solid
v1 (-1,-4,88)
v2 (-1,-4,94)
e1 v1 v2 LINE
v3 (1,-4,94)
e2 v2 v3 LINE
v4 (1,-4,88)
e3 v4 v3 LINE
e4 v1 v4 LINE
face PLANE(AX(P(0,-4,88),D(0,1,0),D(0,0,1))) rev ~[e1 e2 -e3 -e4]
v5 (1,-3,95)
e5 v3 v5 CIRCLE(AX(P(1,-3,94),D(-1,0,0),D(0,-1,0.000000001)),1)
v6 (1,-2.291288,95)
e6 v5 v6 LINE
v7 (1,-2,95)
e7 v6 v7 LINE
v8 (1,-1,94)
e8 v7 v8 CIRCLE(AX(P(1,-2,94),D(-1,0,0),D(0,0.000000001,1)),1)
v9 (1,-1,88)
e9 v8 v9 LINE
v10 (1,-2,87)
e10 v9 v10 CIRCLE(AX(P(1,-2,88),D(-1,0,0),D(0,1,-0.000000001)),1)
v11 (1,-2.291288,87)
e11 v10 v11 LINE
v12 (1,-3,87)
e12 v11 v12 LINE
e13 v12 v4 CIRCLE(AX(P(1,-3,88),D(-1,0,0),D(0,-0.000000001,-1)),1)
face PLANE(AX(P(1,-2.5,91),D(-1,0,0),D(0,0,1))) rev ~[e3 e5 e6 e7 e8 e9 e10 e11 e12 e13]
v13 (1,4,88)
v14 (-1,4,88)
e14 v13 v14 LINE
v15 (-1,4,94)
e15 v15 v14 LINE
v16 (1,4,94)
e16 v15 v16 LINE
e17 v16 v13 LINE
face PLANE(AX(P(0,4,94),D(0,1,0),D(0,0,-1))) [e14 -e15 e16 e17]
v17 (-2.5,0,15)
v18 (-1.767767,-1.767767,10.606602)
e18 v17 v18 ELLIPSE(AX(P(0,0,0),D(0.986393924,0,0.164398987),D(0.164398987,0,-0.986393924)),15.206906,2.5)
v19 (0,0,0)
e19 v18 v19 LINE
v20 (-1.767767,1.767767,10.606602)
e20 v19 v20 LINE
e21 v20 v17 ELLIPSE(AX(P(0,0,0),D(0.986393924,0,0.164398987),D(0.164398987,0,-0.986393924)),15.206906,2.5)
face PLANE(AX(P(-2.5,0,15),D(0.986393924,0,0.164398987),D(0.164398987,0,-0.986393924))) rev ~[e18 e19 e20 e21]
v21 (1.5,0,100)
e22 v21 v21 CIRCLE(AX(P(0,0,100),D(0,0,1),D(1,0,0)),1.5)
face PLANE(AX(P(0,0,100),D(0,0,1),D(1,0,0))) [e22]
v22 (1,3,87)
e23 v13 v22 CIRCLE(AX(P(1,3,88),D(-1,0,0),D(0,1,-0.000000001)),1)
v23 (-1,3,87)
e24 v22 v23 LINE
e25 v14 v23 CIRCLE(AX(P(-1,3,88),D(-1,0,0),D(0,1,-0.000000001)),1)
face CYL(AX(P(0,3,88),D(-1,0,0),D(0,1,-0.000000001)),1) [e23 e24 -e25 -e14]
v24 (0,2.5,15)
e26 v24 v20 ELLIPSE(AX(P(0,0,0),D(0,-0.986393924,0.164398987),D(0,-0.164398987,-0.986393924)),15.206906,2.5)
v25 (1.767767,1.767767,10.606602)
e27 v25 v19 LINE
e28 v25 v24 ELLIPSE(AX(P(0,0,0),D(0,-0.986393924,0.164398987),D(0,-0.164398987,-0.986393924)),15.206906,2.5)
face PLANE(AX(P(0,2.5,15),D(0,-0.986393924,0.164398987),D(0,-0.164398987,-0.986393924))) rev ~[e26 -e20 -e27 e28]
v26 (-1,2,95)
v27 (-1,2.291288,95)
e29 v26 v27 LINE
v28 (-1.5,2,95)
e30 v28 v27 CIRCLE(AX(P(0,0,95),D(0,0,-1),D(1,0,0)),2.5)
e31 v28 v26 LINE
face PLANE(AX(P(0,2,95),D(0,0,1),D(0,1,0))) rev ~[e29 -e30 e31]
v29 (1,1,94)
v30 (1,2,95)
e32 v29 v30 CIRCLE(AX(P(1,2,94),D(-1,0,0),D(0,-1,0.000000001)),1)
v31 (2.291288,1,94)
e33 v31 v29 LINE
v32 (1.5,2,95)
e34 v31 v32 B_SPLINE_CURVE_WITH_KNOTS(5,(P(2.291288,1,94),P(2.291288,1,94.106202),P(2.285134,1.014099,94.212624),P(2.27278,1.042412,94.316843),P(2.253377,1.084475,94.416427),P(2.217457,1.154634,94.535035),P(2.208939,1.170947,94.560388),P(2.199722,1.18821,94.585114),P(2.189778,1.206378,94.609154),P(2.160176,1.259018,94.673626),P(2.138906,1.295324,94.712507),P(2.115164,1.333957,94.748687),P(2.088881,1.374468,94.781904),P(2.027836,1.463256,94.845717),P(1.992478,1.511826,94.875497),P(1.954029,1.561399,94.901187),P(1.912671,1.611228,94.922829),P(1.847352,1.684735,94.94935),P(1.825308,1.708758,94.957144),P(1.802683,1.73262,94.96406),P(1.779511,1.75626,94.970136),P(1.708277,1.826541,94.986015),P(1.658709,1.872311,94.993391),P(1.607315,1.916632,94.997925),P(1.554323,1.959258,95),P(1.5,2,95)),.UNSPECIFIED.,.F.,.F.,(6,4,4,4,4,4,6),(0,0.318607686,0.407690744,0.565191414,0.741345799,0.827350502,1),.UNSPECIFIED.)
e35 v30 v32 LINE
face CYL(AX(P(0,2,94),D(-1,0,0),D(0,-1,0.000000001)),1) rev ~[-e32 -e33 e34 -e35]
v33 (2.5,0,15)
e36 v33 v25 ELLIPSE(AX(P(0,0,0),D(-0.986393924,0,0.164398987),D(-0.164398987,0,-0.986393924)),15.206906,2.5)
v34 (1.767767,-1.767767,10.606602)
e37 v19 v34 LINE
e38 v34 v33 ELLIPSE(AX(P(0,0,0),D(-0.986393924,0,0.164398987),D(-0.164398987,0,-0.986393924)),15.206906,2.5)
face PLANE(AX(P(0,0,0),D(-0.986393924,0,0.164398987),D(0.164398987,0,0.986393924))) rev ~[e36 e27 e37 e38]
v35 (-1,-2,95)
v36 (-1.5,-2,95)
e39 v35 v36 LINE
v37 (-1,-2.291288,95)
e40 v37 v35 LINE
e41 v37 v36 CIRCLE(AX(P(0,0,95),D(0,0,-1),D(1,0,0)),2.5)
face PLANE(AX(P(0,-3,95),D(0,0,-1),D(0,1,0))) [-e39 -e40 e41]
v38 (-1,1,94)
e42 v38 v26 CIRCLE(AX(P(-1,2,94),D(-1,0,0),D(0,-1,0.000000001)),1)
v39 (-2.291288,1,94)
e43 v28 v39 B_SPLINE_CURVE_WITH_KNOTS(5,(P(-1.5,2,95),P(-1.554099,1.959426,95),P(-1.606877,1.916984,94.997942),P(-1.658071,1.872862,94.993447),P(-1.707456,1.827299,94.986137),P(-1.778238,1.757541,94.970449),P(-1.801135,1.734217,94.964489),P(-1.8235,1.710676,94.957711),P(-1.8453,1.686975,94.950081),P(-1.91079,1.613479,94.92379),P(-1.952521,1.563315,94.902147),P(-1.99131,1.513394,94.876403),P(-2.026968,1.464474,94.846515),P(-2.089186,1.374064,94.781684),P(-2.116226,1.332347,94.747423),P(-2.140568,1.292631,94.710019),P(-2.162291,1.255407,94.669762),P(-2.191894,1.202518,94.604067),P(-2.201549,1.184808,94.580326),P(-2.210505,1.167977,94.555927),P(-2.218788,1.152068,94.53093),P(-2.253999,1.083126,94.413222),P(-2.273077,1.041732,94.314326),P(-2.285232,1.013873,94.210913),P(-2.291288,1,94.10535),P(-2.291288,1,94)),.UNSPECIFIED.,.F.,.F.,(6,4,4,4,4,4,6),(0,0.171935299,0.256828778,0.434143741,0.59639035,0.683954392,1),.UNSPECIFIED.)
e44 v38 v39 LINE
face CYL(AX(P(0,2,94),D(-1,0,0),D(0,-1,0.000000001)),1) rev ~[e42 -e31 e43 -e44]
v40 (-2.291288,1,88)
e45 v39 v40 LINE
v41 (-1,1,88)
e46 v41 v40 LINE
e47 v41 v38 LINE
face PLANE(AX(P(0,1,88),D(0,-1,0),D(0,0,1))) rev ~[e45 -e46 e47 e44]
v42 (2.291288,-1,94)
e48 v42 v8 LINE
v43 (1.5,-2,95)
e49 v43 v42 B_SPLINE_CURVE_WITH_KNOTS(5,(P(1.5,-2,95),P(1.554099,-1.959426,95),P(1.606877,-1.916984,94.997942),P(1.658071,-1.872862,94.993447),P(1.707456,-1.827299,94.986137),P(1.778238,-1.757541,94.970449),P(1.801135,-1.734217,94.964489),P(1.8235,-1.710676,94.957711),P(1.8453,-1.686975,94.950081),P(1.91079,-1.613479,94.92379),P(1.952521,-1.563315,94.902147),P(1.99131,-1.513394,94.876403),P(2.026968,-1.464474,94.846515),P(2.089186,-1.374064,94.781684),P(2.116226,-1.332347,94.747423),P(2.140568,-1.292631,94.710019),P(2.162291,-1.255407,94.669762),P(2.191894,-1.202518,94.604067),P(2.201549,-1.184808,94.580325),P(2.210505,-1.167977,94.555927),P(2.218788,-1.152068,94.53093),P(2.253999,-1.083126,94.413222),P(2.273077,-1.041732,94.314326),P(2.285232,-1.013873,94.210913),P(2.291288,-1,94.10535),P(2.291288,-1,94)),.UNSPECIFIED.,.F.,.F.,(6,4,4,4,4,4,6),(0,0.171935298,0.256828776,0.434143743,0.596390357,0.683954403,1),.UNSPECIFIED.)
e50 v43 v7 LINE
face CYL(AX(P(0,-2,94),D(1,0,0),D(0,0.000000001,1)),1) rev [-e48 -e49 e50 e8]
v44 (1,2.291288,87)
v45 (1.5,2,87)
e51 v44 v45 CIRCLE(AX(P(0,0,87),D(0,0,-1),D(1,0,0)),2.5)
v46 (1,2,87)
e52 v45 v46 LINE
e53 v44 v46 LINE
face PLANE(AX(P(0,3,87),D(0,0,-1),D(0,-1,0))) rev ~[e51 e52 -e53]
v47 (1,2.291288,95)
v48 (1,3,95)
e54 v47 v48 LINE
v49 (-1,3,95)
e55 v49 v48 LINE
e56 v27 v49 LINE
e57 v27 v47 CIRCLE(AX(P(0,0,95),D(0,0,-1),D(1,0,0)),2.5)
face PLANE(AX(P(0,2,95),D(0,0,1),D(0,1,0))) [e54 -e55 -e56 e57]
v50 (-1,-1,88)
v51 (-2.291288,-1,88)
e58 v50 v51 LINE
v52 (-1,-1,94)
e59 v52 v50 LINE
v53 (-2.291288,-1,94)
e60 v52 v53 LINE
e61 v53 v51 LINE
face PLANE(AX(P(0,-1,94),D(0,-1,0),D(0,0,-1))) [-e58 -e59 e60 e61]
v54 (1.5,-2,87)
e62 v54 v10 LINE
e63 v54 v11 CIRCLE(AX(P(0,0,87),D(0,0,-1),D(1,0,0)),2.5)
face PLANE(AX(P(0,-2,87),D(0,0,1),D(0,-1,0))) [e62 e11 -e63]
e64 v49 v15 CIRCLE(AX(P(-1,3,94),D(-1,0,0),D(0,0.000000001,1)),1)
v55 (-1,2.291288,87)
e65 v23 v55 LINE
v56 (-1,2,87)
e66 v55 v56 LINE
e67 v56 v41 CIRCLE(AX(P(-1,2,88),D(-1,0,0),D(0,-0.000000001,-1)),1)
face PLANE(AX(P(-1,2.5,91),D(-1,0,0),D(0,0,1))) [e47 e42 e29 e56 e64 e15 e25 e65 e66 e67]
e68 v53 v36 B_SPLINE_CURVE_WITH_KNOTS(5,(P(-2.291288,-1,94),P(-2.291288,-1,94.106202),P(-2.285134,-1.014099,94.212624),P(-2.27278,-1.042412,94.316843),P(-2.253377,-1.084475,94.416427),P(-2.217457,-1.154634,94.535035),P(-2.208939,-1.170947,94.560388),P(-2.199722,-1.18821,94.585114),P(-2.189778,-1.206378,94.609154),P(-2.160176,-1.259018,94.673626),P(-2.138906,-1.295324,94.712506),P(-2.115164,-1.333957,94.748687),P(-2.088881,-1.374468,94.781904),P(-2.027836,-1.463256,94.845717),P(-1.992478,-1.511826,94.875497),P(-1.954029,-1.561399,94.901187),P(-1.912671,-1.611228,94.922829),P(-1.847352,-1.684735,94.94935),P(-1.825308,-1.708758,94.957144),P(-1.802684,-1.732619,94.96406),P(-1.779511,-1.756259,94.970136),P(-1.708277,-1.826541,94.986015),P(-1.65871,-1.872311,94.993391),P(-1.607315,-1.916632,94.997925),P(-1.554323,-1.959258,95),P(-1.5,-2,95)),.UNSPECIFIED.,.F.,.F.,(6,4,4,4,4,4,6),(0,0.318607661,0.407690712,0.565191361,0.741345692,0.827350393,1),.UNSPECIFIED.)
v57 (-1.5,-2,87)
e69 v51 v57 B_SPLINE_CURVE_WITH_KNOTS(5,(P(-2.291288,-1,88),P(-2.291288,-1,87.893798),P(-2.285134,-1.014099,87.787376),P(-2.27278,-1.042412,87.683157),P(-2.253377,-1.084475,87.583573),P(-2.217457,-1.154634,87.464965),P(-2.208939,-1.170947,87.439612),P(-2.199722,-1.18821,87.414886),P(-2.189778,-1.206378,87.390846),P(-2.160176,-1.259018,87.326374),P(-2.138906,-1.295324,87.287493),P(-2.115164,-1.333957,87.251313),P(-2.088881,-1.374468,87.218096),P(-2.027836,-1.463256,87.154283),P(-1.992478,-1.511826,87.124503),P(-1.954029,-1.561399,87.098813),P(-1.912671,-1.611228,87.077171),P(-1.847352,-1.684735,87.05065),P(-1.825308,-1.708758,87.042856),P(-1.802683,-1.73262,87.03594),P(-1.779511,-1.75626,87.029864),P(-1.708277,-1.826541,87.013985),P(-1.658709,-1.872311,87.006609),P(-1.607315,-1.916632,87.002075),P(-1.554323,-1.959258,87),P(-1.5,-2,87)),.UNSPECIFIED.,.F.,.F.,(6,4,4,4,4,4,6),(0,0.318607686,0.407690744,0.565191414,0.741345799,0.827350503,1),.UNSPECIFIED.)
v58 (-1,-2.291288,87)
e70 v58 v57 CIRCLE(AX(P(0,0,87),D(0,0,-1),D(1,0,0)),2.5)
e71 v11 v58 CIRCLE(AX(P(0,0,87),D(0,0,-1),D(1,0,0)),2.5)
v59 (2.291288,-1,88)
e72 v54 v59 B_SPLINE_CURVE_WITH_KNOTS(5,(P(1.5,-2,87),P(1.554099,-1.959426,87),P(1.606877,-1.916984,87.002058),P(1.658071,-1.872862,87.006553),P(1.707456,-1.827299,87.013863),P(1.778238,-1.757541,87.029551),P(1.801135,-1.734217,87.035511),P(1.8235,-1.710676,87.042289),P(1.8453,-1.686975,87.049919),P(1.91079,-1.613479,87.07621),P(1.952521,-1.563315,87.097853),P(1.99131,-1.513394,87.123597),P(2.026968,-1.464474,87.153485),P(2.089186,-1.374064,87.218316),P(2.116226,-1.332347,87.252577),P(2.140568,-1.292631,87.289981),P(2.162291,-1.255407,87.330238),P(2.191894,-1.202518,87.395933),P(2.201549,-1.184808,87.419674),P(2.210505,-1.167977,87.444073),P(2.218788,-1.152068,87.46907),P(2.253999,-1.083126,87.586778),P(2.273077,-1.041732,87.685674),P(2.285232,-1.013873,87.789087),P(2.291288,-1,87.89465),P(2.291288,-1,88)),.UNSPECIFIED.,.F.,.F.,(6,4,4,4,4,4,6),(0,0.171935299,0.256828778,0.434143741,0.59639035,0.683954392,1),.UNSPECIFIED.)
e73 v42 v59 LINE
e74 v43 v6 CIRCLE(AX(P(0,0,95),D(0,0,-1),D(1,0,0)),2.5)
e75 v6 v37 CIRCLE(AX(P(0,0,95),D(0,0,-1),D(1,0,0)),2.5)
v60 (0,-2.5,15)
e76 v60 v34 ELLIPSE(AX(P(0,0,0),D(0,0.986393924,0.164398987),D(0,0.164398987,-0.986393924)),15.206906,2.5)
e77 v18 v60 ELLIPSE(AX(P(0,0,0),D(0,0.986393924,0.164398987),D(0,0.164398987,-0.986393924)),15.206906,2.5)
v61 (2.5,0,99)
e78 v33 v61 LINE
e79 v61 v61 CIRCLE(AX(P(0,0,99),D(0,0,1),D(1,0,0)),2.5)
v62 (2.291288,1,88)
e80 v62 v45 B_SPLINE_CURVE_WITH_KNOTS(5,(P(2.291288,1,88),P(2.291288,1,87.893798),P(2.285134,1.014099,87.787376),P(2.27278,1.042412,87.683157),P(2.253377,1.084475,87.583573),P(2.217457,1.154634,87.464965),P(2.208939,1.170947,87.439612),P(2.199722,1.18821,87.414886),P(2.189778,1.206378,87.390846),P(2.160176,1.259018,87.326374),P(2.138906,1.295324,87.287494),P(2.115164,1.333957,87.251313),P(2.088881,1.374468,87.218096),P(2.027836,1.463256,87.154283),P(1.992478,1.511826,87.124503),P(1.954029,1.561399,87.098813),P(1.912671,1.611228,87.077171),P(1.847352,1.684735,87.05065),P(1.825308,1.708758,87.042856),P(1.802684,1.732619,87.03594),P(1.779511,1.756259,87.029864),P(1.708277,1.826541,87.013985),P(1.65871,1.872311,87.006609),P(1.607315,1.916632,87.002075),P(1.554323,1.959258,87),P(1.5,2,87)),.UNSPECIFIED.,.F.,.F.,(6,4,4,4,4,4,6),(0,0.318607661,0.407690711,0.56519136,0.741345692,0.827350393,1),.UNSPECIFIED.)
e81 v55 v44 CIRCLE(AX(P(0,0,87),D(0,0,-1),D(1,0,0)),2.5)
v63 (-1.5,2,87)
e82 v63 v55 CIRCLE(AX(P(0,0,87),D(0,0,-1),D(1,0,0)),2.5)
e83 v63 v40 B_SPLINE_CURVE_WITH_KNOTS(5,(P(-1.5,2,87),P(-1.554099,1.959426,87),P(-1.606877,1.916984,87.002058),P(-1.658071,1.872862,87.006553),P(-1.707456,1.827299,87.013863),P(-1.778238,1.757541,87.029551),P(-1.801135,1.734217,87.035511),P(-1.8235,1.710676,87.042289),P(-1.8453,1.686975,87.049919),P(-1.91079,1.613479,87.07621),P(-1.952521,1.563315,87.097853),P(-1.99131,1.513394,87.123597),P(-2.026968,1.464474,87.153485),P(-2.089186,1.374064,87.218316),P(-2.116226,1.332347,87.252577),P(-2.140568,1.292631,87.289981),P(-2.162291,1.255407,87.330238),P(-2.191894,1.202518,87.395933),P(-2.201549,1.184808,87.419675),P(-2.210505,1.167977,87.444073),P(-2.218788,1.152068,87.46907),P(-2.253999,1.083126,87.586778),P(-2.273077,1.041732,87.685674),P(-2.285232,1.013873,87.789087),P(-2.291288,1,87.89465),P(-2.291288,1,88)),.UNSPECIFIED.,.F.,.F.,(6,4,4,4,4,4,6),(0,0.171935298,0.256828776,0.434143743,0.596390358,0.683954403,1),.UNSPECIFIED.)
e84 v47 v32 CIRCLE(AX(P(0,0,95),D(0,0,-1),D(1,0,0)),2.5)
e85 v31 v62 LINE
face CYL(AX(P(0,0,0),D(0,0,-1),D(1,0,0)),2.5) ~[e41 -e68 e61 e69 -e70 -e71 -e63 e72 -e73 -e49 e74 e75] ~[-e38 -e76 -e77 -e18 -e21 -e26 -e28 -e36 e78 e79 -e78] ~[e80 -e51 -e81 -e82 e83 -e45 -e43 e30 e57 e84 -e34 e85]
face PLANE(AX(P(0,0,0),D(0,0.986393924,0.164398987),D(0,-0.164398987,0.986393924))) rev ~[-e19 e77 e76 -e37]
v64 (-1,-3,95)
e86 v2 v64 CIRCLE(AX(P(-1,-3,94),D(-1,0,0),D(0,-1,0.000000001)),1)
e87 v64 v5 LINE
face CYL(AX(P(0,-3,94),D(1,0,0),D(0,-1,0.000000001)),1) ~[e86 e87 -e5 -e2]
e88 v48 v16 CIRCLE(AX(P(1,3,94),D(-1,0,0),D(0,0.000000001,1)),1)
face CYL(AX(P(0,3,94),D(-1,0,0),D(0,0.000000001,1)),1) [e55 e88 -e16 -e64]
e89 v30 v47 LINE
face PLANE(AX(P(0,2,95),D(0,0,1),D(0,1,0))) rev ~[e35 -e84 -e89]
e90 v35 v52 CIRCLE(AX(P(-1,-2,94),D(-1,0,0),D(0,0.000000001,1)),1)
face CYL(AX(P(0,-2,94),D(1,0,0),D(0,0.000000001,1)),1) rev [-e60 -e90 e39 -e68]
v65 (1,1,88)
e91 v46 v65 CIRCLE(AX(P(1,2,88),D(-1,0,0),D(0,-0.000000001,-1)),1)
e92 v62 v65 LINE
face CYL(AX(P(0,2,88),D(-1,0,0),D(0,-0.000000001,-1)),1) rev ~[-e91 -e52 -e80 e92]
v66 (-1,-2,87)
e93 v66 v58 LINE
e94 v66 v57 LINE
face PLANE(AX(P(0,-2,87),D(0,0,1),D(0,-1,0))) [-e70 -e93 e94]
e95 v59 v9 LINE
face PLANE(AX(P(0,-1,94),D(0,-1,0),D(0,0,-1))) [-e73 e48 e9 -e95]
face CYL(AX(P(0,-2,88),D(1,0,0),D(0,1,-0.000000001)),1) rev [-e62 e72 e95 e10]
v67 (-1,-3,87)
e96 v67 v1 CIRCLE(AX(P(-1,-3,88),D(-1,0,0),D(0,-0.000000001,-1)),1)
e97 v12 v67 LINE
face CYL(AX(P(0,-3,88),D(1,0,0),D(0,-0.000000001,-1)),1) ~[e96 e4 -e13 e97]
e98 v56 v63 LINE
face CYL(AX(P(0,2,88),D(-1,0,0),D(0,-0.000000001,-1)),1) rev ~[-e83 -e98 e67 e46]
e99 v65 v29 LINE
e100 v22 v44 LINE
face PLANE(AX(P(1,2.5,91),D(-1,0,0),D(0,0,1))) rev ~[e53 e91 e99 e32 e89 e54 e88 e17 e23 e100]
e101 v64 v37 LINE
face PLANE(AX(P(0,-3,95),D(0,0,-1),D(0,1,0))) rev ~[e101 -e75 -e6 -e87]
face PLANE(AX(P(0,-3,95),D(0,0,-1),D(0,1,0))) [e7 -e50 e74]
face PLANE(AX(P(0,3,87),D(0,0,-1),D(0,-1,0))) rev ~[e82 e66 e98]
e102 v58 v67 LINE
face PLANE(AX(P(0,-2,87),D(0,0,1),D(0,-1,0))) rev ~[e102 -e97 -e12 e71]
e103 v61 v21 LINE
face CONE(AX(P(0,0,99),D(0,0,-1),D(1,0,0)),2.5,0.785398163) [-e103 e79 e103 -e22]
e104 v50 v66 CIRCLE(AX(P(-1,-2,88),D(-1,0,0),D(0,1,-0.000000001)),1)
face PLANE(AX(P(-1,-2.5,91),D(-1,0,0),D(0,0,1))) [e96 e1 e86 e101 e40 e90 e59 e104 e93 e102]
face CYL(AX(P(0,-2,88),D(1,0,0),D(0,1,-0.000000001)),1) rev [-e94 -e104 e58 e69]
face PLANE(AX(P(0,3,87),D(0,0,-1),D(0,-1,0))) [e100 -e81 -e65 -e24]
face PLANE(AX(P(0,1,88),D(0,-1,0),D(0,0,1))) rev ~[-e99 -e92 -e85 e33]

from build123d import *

# Parameters (mm, degrees)
SKETCH1_R           = 2.5
BOSS_EXTRUDE1_DEPTH = 100
CUT_EXTRUDE1_DEPTH  = 2.5
BOSS_EXTRUDE2_DEPTH = 1
CHAMFER1_SIZE       = 1
CUT_EXTRUDE2_DEPTH  = 2.5
CUT_EXTRUDE3_DEPTH  = 2.5


with BuildPart() as part:
    # Sketch1 → Boss-Extrude1 (new body)
    with BuildSketch(Plane.XY):
        Circle(SKETCH1_R)
    extrude(amount=BOSS_EXTRUDE1_DEPTH)

    # Sketch2 → Cut-Extrude1 (cut, symmetric)
    with BuildSketch(Plane(origin=(0, 0, 0), x_dir=(0, 0, -1), z_dir=(1, 0, 0))):
        with BuildLine():
            Line((-94, 4), (-88, 4))
            ThreePointArc((-88, 4), (-87.292893219, 3.707106781), (-87, 3))
            Line((-87, 3), (-87, 2))
            ThreePointArc((-87, 2), (-87.292893219, 1.292893219), (-88, 1))
            Line((-88, 1), (-94, 1))
            ThreePointArc((-94, 1), (-94.707106781, 1.292893219), (-95, 2))
            Line((-95, 2), (-95, 3))
            ThreePointArc((-95, 3), (-94.707106781, 3.707106781), (-94, 4))
        make_face()
        with BuildLine():
            Line((-95, -3), (-95, -2))
            ThreePointArc((-95, -2), (-94.707106781, -1.292893219), (-94, -1))
            Line((-94, -1), (-88, -1))
            ThreePointArc((-88, -1), (-87.292893219, -1.292893219), (-87, -2))
            Line((-87, -2), (-87, -3))
            ThreePointArc((-87, -3), (-87.292893219, -3.707106781), (-88, -4))
            Line((-88, -4), (-94, -4))
            ThreePointArc((-94, -4), (-94.707106781, -3.707106781), (-95, -3))
        make_face()
    extrude(amount=CUT_EXTRUDE1_DEPTH, both=True, mode=Mode.SUBTRACT)

    # Sketch2<2> → Boss-Extrude2 (add, symmetric)
    with BuildSketch(Plane(origin=(0, 0, 0), x_dir=(0, 0, -1), z_dir=(1, 0, 0))):
        with BuildLine():
            Line((-94, 4), (-88, 4))
            ThreePointArc((-88, 4), (-87.292893219, 3.707106781), (-87, 3))
            Line((-87, 3), (-87, 2))
            ThreePointArc((-87, 2), (-87.292893219, 1.292893219), (-88, 1))
            Line((-88, 1), (-94, 1))
            ThreePointArc((-94, 1), (-94.707106781, 1.292893219), (-95, 2))
            Line((-95, 2), (-95, 3))
            ThreePointArc((-95, 3), (-94.707106781, 3.707106781), (-94, 4))
        make_face()
        with BuildLine():
            Line((-95, -3), (-95, -2))
            ThreePointArc((-95, -2), (-94.707106781, -1.292893219), (-94, -1))
            Line((-94, -1), (-88, -1))
            ThreePointArc((-88, -1), (-87.292893219, -1.292893219), (-87, -2))
            Line((-87, -2), (-87, -3))
            ThreePointArc((-87, -3), (-87.292893219, -3.707106781), (-88, -4))
            Line((-88, -4), (-94, -4))
            ThreePointArc((-94, -4), (-94.707106781, -3.707106781), (-95, -3))
        make_face()
    extrude(amount=BOSS_EXTRUDE2_DEPTH, both=True)

    # Chamfer1
    chamfer1_edges = [part.edges().sort_by_distance(p)[0] for p in [
        (-2.5, 0, 100),
    ]]
    chamfer(chamfer1_edges, length=CHAMFER1_SIZE)

    # Sketch3 → Cut-Extrude2 (cut, symmetric)
    with BuildSketch(Plane(origin=(0, 0, 0), x_dir=(0, 0, -1), z_dir=(1, 0, 0))):
        Polygon((0, -2.5), (0, 0), (-15, -2.5), align=None)
        Polygon((-15, 2.5), (0, 0), (0, 2.5), align=None)
    extrude(amount=CUT_EXTRUDE2_DEPTH, both=True, mode=Mode.SUBTRACT)

    # Sketch4 → Cut-Extrude3 (cut, symmetric)
    with BuildSketch(Plane(origin=(0, 0, 0), x_dir=(1, 0, 0), z_dir=(0, 1, 0))):
        Polygon((-2.5, -15), (0, 0), (-2.5, 0), align=None)
        Polygon((2.5, 0), (0, 0), (2.5, -15), align=None)
    extrude(amount=CUT_EXTRUDE3_DEPTH, both=True, mode=Mode.SUBTRACT)


solid = part.part
